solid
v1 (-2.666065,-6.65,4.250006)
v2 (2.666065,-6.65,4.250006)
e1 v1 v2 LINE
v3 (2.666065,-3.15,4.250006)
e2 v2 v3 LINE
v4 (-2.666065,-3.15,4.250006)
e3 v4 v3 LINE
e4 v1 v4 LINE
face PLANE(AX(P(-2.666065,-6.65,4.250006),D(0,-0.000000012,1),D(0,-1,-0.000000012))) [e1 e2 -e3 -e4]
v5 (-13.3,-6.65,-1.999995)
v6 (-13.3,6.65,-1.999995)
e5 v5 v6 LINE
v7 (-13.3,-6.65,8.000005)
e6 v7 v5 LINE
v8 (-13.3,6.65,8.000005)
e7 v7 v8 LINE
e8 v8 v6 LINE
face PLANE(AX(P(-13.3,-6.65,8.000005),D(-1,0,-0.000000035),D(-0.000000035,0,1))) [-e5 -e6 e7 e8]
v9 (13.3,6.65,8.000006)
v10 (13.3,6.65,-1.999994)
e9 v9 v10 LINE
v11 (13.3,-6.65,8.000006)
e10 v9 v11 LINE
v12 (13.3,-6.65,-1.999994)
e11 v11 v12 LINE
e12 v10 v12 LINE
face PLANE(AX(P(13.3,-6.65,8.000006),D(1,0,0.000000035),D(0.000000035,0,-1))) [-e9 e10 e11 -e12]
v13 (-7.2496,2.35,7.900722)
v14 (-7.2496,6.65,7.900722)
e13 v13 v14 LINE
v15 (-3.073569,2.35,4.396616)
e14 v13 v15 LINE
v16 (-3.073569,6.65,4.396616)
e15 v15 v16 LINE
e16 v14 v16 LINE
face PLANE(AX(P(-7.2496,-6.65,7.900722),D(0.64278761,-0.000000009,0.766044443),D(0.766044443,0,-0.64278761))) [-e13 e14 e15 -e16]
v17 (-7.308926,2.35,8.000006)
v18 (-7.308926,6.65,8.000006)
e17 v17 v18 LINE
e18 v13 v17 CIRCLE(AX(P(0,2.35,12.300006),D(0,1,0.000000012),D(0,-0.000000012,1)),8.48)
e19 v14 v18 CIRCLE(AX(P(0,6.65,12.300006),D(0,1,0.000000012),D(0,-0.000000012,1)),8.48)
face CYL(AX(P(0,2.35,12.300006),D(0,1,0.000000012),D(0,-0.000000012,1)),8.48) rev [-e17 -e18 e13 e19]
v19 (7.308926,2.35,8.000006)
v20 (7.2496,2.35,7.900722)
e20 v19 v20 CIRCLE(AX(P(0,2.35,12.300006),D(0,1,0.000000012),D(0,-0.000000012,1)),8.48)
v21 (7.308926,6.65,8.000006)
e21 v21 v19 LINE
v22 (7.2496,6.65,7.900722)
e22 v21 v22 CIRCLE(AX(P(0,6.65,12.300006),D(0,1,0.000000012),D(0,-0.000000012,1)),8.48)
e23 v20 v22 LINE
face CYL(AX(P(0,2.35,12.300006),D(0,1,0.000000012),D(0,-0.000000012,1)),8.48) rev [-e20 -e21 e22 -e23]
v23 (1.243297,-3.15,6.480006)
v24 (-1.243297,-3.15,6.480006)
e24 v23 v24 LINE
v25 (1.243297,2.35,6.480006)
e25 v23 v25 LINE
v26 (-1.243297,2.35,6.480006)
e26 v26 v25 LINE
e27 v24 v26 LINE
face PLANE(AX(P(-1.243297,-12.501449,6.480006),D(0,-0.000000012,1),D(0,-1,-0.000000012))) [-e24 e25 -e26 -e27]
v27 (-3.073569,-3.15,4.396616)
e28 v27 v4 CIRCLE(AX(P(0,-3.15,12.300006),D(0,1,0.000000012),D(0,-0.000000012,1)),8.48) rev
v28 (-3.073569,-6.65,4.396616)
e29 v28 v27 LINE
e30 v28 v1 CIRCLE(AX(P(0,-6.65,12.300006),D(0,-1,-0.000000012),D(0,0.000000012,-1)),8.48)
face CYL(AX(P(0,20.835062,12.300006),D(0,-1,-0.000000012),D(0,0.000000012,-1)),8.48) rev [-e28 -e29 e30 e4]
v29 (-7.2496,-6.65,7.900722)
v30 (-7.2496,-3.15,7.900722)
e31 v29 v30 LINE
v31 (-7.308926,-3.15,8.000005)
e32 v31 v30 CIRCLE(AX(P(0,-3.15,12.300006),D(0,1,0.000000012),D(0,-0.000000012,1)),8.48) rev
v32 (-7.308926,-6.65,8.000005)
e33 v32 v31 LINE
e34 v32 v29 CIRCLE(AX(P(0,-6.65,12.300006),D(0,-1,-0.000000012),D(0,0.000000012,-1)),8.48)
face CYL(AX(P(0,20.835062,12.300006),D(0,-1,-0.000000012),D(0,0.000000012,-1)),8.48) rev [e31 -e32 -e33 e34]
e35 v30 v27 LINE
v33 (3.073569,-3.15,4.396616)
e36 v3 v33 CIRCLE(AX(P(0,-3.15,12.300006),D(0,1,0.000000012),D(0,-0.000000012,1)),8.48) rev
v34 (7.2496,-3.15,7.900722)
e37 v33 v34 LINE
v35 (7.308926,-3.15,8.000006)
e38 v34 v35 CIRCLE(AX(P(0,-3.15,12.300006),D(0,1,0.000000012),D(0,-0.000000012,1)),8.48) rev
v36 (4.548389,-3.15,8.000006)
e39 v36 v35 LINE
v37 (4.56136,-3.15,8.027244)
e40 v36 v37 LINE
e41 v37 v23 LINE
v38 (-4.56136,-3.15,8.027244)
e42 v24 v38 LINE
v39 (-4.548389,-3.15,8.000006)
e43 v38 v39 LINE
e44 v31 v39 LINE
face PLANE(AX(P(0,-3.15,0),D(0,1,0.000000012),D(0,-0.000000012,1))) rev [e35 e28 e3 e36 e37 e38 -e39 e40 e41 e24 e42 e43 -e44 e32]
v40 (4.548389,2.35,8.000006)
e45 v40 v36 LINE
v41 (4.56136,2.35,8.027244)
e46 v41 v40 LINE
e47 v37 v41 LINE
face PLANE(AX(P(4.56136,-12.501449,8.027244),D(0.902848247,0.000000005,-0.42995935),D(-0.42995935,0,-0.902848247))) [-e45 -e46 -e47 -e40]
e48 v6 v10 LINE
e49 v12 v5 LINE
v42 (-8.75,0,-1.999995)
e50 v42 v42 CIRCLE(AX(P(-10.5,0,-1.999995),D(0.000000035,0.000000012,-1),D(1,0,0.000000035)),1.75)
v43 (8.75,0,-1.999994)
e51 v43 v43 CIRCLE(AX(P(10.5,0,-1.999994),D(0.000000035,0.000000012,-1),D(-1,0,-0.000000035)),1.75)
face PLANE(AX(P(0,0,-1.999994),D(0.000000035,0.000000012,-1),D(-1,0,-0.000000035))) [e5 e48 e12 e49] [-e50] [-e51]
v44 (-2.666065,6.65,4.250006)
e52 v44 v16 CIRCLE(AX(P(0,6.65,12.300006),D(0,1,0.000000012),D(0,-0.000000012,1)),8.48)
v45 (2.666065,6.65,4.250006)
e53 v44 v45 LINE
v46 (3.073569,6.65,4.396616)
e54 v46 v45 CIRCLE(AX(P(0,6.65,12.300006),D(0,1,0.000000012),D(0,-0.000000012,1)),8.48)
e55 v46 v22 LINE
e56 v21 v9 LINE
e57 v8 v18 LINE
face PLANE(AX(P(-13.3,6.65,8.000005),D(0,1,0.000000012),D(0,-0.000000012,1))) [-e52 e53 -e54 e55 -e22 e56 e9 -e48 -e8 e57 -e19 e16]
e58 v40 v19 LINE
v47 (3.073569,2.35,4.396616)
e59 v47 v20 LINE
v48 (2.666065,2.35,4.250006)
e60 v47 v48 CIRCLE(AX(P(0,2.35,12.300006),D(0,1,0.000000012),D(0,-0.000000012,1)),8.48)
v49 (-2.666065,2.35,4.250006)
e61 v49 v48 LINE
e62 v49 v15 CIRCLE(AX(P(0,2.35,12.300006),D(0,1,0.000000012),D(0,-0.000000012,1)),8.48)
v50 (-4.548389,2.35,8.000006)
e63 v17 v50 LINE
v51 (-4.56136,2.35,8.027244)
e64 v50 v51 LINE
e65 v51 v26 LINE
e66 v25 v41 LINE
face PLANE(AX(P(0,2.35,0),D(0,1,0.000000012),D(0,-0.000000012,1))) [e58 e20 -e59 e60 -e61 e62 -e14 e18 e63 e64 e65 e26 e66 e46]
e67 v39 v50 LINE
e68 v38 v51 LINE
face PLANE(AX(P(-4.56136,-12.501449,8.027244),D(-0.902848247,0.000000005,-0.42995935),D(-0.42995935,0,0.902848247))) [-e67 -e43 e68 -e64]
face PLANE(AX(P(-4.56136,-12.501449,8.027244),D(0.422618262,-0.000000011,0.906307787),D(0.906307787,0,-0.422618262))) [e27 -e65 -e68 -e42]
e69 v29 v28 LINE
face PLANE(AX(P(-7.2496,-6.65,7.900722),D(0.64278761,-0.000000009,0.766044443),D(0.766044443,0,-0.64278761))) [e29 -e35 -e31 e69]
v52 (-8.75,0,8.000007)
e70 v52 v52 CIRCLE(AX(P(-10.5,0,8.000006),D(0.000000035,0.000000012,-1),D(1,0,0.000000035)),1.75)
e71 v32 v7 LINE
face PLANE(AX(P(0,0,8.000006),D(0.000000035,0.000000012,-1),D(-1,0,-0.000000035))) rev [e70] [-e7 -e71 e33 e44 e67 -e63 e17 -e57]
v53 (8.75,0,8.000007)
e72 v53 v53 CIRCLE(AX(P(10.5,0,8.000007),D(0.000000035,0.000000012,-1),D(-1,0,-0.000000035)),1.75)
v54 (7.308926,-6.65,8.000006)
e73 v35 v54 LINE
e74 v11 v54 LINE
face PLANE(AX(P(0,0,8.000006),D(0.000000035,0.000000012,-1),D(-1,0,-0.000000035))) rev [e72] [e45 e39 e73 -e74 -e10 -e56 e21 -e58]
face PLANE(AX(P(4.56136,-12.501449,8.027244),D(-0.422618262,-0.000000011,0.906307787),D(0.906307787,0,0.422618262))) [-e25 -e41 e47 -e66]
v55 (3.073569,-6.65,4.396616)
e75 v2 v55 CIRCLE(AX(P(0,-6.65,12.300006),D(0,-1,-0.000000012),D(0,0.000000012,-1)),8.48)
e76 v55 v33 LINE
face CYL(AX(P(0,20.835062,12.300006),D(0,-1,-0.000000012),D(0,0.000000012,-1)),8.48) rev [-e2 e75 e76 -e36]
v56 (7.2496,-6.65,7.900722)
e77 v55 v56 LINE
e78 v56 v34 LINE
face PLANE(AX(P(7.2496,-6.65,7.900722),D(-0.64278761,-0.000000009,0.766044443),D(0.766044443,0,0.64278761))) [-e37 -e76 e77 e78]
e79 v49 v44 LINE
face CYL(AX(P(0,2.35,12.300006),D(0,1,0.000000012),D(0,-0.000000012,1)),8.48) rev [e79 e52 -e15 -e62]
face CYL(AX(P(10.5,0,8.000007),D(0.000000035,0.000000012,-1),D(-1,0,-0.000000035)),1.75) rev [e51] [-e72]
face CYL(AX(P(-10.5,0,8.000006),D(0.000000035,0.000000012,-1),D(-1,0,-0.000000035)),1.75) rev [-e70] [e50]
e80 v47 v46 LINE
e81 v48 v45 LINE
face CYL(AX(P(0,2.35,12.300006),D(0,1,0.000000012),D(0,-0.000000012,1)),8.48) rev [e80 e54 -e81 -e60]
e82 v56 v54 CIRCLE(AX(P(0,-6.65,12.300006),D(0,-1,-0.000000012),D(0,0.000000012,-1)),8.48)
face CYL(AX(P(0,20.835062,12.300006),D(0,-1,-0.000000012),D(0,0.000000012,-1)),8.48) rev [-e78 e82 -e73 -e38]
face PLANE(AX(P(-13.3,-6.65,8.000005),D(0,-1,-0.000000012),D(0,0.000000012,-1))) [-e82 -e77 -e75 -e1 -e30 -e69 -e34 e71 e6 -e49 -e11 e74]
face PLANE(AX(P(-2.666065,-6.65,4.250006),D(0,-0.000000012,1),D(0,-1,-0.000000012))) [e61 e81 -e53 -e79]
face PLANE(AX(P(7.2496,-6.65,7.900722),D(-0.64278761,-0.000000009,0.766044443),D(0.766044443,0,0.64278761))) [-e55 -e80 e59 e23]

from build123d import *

# Parameters (mm, degrees)
ESBO_O1_W                = 26.6
ESBO_O1_H                = 13.3
RESSALTO_EXTRUS_O1_DEPTH = 10
ESBO_O2_R                = 1.75
CORTE_EXTRUS_O1_DEPTH    = 18.919612776
ESBO_O3_R                = 8.48
CORTE_EXTRUS_O2_DEPTH    = 4.3
ESBO_O3_3_R              = 6.25
CORTE_EXTRUS_O3_DEPTH    = 9.8
CORTE_EXTRUS_O4_START    = -3.5
ESBO_O4_R                = 8.48
CORTE_EXTRUS_O4_DEPTH    = 3.5
RESSALTO_EXTRUS_O2_START = -13.3
RESSALTO_EXTRUS_O2_DEPTH = 13.3
RESSALTO_EXTRUS_O3_DEPTH = 5.5
ESBO_O7_W                = 1.347129382
ESBO_O7_H                = 0.427620669
RESSALTO_EXTRUS_O4_DEPTH = 5.5


with BuildPart() as part:
    # Esboço1 → Ressalto-extrusão1 (new body)
    with BuildSketch(Plane(origin=(7.1e-08, 2.4e-08, -1.999994237), x_dir=(-0.9999999999999994, 0, -3.5493490277080375e-08), z_dir=(3.5493490277080375e-08, 1.1940033902129589e-08, -0.9999999999999994))):
        Rectangle(ESBO_O1_W, ESBO_O1_H)
    extrude(amount=-RESSALTO_EXTRUS_O1_DEPTH)

    # Esboço2 → Corte-extrusão1 (cut, through all)
    with BuildSketch(Plane(origin=(7.1e-08, 2.4e-08, -1.999994237), x_dir=(-0.9999999999999994, 0, -3.549349026814977e-08), z_dir=(3.5493490268149776e-08, 1.1940033893980961e-08, -0.9999999999999994))):
        with Locations((-10.5, 0)):
            Circle(ESBO_O2_R)
        with Locations(Location((10.5, 0, 0), (0, 0, 180))):
            Circle(ESBO_O2_R)
    extrude(amount=-CORTE_EXTRUS_O1_DEPTH, mode=Mode.SUBTRACT)

    # Esboço3 → Corte-extrusão2 (cut)
    with BuildSketch(Plane(origin=(0, 6.65, 7.9e-08), x_dir=(1, 0, 0), z_dir=(0, 1.0, 1.1940033902129584e-08))):
        with Locations((0, -12.300005763)):
            Circle(ESBO_O3_R)
    extrude(amount=-CORTE_EXTRUS_O2_DEPTH, mode=Mode.SUBTRACT)

    # Esboço3<3> → Corte-extrusão3 (cut)
    with BuildSketch(Plane(origin=(0, 6.65, 7.9e-08), x_dir=(1, 0, 0), z_dir=(0, 1.0, 1.1940033902129584e-08))):
        with Locations((0, -12.300005763)):
            Circle(ESBO_O3_3_R)
    extrude(amount=-CORTE_EXTRUS_O3_DEPTH, mode=Mode.SUBTRACT)

    # Esboço4 → Corte-extrusão4 (cut)
    with BuildSketch(Plane(origin=(0, -6.65, -7.9e-08), x_dir=(1, 0, 0), z_dir=(0, -1.0, -1.1940033902129595e-08)).offset(CORTE_EXTRUS_O4_START)):
        with Locations((0, 12.300005763)):
            Circle(ESBO_O4_R)
    extrude(amount=CORTE_EXTRUS_O4_DEPTH, mode=Mode.SUBTRACT)

    # Esboço5 → Ressalto-extrusão2 (add)
    with BuildSketch(Plane(origin=(0, 6.65, 7.9e-08), x_dir=(1, 0, 0), z_dir=(0, 1.0, 1.1940033902129584e-08)).offset(RESSALTO_EXTRUS_O2_START)):
        Polygon((-7.249600207, -7.90072209), (-3.073568805, -4.39661568), (-6.960916747, -4.39661568), align=None)
        Polygon((7.249600207, -7.90072209), (3.073568805, -4.39661568), (6.960916747, -4.39661568), align=None)
        Polygon((-2.666064515, -4.250005763), (2.666064515, -4.250005763), (0, -3.025002882), align=None)
    extrude(amount=RESSALTO_EXTRUS_O2_DEPTH)

    # Esboço6 → Ressalto-extrusão3 (add)
    with BuildSketch(Plane(origin=(0, 2.35, 2.8e-08), x_dir=(1, 0, 0), z_dir=(0, 1.0, 1.1940033914348732e-08))):
        Polygon((-4.561360471, -8.027244285), (-1.243296754, -6.480005763), (1.243296754, -6.480005763), (4.561360471, -8.027244285), (3.582423284, -5.971627344), (0.394906827, -6.062494352), (-0.394906827, -6.062494352), (-3.582423284, -5.971627344), align=None)
    extrude(amount=-RESSALTO_EXTRUS_O3_DEPTH)

    # Esboço7 → Ressalto-extrusão4 (add)
    with BuildSketch(Plane(origin=(0, 2.35, 2.8e-08), x_dir=(1, 0, 0), z_dir=(0, 1.0, 1.1940033894814705e-08))):
        with Locations((0, -6.062494352)):
            Rectangle(ESBO_O7_W, ESBO_O7_H)
    extrude(amount=-RESSALTO_EXTRUS_O4_DEPTH)


solid = part.part
